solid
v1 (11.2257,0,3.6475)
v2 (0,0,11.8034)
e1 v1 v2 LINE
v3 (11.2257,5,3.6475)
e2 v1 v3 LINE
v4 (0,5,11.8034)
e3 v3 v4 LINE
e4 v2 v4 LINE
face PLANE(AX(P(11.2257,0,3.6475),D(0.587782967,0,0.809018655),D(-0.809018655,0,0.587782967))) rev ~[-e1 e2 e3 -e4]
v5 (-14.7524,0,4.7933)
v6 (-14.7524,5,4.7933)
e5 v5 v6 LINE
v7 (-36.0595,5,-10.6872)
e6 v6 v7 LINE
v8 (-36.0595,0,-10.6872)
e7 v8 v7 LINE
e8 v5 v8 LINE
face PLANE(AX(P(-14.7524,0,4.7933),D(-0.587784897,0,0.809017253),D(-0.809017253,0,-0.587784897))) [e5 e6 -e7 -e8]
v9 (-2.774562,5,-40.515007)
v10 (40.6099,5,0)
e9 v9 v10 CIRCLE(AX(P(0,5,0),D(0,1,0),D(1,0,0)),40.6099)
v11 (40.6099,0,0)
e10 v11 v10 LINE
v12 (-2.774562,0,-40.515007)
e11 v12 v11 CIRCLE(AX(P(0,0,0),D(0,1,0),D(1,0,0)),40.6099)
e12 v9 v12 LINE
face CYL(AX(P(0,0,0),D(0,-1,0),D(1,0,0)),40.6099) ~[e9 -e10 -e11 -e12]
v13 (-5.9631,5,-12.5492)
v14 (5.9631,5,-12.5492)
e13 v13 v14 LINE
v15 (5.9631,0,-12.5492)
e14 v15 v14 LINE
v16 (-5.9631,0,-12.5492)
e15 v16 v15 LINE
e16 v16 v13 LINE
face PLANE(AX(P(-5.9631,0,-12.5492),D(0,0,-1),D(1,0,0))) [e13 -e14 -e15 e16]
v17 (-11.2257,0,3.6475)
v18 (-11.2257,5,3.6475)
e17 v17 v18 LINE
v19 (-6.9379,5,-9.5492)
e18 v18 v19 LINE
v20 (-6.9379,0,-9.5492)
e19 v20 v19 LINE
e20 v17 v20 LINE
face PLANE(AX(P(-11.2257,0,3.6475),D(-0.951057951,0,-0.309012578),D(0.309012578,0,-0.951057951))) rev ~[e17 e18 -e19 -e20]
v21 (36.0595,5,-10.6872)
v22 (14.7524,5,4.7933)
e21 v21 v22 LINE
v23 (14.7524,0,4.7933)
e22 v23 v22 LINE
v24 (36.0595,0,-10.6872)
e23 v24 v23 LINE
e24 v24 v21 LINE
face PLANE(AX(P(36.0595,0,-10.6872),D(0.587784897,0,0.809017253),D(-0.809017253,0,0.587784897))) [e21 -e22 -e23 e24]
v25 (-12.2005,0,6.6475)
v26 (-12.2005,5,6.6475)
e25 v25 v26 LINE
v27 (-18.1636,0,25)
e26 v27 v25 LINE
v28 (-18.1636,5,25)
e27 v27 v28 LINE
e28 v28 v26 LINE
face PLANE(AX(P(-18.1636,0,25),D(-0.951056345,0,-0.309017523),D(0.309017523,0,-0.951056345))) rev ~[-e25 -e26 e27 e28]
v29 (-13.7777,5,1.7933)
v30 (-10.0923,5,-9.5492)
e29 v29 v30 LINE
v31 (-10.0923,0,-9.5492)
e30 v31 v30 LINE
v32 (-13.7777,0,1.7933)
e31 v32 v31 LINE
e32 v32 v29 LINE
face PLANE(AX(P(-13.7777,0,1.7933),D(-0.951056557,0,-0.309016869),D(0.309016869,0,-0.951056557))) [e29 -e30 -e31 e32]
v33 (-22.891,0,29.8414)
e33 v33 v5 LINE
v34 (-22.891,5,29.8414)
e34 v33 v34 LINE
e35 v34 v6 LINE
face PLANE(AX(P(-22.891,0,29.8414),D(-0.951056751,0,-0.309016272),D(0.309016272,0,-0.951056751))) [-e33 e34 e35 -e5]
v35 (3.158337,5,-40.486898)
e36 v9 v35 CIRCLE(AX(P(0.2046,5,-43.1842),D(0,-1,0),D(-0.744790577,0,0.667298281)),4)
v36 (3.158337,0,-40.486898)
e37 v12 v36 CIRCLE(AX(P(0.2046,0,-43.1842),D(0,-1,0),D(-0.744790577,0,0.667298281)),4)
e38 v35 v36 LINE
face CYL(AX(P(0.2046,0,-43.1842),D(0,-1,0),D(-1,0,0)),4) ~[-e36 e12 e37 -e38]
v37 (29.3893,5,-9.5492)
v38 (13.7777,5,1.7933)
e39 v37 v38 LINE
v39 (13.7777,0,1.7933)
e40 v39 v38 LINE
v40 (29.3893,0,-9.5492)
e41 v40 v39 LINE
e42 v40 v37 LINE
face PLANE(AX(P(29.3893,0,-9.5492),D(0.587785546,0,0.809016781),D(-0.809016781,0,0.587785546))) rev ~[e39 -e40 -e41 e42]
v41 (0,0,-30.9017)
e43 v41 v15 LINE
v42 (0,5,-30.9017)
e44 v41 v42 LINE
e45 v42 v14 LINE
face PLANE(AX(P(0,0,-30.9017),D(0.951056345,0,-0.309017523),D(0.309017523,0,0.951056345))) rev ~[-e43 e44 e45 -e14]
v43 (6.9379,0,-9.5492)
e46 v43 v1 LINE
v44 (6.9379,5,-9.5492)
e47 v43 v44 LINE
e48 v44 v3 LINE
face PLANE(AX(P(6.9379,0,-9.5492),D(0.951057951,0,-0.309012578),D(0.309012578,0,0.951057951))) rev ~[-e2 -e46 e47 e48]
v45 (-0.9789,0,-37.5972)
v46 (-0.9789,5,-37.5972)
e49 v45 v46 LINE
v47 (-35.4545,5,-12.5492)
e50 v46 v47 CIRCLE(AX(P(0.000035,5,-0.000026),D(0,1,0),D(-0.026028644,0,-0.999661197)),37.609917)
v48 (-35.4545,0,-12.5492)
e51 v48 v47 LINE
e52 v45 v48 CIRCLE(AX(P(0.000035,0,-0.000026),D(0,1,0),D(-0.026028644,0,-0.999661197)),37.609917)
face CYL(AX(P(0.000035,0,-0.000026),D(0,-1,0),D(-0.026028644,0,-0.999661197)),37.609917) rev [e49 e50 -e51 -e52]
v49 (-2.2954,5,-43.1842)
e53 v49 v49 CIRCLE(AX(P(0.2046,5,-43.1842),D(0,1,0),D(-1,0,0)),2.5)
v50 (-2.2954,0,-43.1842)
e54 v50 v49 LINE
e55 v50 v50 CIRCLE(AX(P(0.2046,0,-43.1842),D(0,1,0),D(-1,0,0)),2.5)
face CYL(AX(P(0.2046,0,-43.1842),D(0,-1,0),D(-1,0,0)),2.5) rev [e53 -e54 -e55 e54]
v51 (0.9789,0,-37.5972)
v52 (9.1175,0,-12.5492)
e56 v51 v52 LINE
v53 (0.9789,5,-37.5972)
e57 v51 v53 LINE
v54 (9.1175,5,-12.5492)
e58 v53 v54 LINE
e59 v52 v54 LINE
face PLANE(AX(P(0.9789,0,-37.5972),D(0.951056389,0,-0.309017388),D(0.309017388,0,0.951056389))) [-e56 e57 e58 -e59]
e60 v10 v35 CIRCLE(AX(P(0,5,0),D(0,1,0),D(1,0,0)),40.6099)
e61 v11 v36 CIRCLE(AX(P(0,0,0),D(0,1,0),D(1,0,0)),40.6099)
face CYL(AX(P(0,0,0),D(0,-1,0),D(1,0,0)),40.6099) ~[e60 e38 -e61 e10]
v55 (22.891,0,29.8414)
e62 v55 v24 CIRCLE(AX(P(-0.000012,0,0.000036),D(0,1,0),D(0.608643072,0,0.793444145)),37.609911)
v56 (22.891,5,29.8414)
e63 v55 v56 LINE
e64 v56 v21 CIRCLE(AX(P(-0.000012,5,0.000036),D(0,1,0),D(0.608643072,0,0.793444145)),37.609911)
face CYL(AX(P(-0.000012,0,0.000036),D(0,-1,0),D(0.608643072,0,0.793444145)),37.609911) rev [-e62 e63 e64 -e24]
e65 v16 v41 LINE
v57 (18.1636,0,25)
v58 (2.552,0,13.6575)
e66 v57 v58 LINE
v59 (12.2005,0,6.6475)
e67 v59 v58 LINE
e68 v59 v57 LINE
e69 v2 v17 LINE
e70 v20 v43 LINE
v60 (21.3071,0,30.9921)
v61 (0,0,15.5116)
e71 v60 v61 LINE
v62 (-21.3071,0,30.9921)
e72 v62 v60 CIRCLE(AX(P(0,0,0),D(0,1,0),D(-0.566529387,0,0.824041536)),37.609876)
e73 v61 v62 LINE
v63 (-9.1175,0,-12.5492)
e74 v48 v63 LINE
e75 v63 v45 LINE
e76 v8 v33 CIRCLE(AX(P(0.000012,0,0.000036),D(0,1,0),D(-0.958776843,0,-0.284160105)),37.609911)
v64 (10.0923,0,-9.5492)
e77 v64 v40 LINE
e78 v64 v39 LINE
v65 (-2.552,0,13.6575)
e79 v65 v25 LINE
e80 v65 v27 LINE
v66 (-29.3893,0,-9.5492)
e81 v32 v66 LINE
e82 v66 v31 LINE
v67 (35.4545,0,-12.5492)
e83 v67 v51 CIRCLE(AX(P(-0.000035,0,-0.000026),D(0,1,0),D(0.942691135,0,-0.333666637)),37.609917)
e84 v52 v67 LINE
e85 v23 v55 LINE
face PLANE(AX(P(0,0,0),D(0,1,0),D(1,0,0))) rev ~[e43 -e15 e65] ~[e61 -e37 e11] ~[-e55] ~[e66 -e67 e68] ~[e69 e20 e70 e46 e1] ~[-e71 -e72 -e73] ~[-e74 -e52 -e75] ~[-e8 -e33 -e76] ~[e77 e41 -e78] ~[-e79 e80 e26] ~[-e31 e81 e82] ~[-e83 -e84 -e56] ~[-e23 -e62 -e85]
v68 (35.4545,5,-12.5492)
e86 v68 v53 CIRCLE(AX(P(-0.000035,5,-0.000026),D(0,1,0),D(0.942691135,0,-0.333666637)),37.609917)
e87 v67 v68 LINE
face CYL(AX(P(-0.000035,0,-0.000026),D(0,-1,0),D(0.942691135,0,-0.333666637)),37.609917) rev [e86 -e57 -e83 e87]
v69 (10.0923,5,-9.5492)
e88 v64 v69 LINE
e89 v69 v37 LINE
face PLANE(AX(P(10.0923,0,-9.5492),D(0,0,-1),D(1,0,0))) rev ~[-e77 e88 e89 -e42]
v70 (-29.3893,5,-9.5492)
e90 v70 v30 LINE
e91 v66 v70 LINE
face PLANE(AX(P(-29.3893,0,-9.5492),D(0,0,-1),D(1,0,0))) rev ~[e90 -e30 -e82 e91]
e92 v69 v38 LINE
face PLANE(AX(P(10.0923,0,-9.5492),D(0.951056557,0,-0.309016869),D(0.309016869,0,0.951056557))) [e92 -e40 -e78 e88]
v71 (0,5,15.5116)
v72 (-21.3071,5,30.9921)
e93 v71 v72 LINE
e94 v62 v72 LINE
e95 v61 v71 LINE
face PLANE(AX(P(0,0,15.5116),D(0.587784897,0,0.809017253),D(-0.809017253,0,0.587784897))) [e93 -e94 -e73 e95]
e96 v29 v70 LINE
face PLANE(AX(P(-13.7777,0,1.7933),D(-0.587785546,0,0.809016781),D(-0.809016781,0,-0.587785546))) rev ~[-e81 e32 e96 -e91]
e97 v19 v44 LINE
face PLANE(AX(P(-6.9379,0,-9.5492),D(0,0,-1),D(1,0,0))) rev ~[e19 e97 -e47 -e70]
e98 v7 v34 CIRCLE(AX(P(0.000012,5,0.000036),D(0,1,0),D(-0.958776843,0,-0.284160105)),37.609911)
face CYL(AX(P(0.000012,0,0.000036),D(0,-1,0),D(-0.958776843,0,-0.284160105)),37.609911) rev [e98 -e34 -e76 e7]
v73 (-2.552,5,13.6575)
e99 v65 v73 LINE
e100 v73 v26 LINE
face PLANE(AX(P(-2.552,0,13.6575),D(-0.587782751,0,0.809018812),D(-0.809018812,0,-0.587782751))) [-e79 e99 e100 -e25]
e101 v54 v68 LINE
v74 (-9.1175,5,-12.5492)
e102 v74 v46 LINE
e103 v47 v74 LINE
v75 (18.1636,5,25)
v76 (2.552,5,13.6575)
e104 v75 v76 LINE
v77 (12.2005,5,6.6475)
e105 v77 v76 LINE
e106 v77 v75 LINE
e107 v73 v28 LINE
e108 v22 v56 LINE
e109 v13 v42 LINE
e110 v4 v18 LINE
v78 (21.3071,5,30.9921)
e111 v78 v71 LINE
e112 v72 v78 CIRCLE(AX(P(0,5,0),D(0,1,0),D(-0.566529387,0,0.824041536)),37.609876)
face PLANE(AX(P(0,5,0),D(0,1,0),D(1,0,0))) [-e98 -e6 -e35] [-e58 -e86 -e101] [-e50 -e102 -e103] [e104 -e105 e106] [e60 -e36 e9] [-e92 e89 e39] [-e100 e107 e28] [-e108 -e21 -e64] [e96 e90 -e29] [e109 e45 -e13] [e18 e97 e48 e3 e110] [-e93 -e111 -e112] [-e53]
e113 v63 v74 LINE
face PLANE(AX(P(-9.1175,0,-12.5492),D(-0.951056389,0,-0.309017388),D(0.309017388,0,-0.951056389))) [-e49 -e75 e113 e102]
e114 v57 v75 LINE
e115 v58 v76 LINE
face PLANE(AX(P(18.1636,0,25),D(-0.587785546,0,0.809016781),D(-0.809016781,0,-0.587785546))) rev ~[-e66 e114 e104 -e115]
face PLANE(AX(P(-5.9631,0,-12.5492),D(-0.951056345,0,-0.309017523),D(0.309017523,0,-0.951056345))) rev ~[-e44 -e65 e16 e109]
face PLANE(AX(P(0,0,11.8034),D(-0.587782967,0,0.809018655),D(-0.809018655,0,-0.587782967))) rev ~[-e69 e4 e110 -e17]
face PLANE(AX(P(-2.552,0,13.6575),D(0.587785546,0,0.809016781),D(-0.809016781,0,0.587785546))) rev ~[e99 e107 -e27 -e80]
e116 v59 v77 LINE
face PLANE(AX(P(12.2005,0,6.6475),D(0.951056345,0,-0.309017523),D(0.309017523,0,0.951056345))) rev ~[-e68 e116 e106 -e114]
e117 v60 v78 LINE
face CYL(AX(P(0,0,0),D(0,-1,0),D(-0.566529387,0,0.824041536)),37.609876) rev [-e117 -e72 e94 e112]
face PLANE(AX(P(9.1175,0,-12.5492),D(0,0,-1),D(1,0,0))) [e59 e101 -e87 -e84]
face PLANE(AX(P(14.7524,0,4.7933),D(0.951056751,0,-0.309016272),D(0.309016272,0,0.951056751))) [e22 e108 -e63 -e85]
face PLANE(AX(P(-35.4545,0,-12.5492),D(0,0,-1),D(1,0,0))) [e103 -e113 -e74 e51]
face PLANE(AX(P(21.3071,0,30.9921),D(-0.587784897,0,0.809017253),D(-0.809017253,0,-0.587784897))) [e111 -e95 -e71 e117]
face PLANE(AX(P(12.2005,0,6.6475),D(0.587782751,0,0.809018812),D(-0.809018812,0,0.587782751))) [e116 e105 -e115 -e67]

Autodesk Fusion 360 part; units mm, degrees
sketch "草图1" plane through (0, 0, 0) normal (0, 1, 0) x (1, 0, 0)
  line L0 (-14.7524, -4.7933) -> (-36.0595, 10.6872)
  circle A0 centre (0, 0) radius 40.6099
  line L1 (-5.9631, 12.5492) -> (0, 30.9017)
  line L2 (-9.1175, 12.5492) -> (-0.9789, 37.5972)
  line L3 (-35.4545, 12.5492) -> (-9.1175, 12.5492)
  line L4 (-29.3893, 9.5492) -> (-10.0923, 9.5492)
  line L5 (-13.7777, -1.7933) -> (-29.3893, 9.5492)
  line L6 (-18.1636, -25) -> (-12.2005, -6.6475)
  line L7 (-11.2257, -3.6475) -> (-6.9379, 9.5492)
  line L8 (-22.891, -29.8414) -> (-14.7524, -4.7933)
  line L9 (-13.7777, -1.7933) -> (-10.0923, 9.5492)
  line L10 (29.3893, 9.5492) -> (13.7777, -1.7933)
  line L11 (36.0595, 10.6872) -> (14.7524, -4.7933)
  line L12 (12.2005, -6.6475) -> (2.552, -13.6575)
  line L13 (0, -15.5116) -> (-21.3071, -30.9921)
  line L14 (18.1636, -25) -> (2.552, -13.6575)
  line L15 (0, -11.8034) -> (-11.2257, -3.6475)
  line L16 (21.3071, -30.9921) -> (0, -15.5116)
  line L17 (-2.552, -13.6575) -> (-12.2005, -6.6475)
  line L18 (11.2257, -3.6475) -> (0, -11.8034)
  line L19 (-2.552, -13.6575) -> (-18.1636, -25)
  line L20 (14.7524, -4.7933) -> (22.891, -29.8414)
  line L21 (0.9789, 37.5972) -> (9.1175, 12.5492)
  line L22 (10.0923, 9.5492) -> (13.7777, -1.7933)
  line L23 (0, 30.9017) -> (5.9631, 12.5492)
  line L24 (-6.9379, 9.5492) -> (6.9379, 9.5492)
  line L25 (10.0923, 9.5492) -> (29.3893, 9.5492)
  line L26 (-5.9631, 12.5492) -> (5.9631, 12.5492)
  line L27 (9.1175, 12.5492) -> (35.4545, 12.5492)
  line L28 (6.9379, 9.5492) -> (11.2257, -3.6475)
  line L29 (12.2005, -6.6475) -> (18.1636, -25)
  arc A1 (-0.9789, 37.5972) -> (-35.4545, 12.5492) centre (0, 0) ccw
  arc A2 (35.4545, 12.5492) -> (0.9789, 37.5972) centre (0, 0) ccw
  arc A3 (22.891, -29.8414) -> (36.0595, 10.6872) centre (0, 0) ccw
  arc A4 (-36.0595, 10.6872) -> (-22.891, -29.8414) centre (0, 0) ccw
  arc A5 (-21.3071, -30.9921) -> (21.3071, -30.9921) centre (0, 0) ccw
extrude "拉伸1" add sketch "草图1" along normal blind 5 makes body 1
sketch "草图2" plane through (0, 5, 0) normal (0, 1, 0) x (-1, 0, 0)
  arc A0 (21.3071, 30.9921) -> (-21.3071, 30.9921) centre (0, 0) ccw
  line L0 (21.3071, 30.9921) -> (0, 15.5116)
  line L1 (0, 15.5116) -> (-21.3071, 30.9921)
  arc A1 (-22.891, 29.8414) -> (-36.0595, -10.6872) centre (0, 0) ccw
  line L2 (-22.891, 29.8414) -> (-14.7524, 4.7933)
  line L3 (-14.7524, 4.7933) -> (-36.0595, -10.6872)
  arc A2 (-35.4545, -12.5492) -> (-0.9789, -37.5972) centre (0, 0) ccw
  line L4 (-35.4545, -12.5492) -> (-9.1175, -12.5492)
  line L5 (-9.1175, -12.5492) -> (-0.9789, -37.5972)
  arc A3 (36.0595, -10.6872) -> (22.891, 29.8414) centre (0, 0) ccw
  line L6 (36.0595, -10.6872) -> (14.7524, 4.7933)
  line L7 (14.7524, 4.7933) -> (22.891, 29.8414)
  line L8 (6.9379, -9.5492) -> (-6.9379, -9.5492)
  line L9 (-6.9379, -9.5492) -> (-11.2257, 3.6475)
  line L10 (-11.2257, 3.6475) -> (0, 11.8034)
  line L11 (0, 11.8034) -> (11.2257, 3.6475)
  line L12 (11.2257, 3.6475) -> (6.9379, -9.5492)
  line L13 (-2.552, 13.6575) -> (-12.2005, 6.6475)
  line L14 (-12.2005, 6.6475) -> (-18.1636, 25)
  line L15 (-18.1636, 25) -> (-2.552, 13.6575)
  arc A4 (0.9789, -37.5972) -> (35.4545, -12.5492) centre (0, 0) ccw
  line L16 (0.9789, -37.5972) -> (9.1175, -12.5492)
  line L17 (9.1175, -12.5492) -> (35.4545, -12.5492)
  line L18 (5.9631, -12.5492) -> (0, -30.9017)
  line L19 (0, -30.9017) -> (-5.9631, -12.5492)
  line L20 (-5.9631, -12.5492) -> (5.9631, -12.5492)
  line L21 (-13.7777, 1.7933) -> (-10.0923, -9.5492)
  line L22 (-10.0923, -9.5492) -> (-29.3893, -9.5492)
  line L23 (-29.3893, -9.5492) -> (-13.7777, 1.7933)
  line L24 (12.2005, 6.6475) -> (2.552, 13.6575)
  line L25 (2.552, 13.6575) -> (18.1636, 25)
  line L26 (18.1636, 25) -> (12.2005, 6.6475)
  line L27 (13.7777, 1.7933) -> (29.3893, -9.5492)
  line L28 (29.3893, -9.5492) -> (10.0923, -9.5492)
  line L29 (10.0923, -9.5492) -> (13.7777, 1.7933)
  circle A5 centre (0, 0) radius 40.6099
  circle A6 centre (55, 0) radius 2.5
  circle A7 centre (55, 0) radius 4
  dimension "d5" = 8
extrude "拉伸2" add sketch "草图2" along normal blind 5 separate body contours A7 makes body 2
move_body "移动1" bodies 2 to x (1, 0, 0) y (0, 1, 0) z (0, 0, 1) at (0, -5, 0)
move_body "移动2" bodies 2 to x (1, 0, 0) y (0, 1, 0) z (0, 0, 1) at (55.2046, 0, -43.1842)
combine "合并1" operation add target body 1 tool bodies 2
